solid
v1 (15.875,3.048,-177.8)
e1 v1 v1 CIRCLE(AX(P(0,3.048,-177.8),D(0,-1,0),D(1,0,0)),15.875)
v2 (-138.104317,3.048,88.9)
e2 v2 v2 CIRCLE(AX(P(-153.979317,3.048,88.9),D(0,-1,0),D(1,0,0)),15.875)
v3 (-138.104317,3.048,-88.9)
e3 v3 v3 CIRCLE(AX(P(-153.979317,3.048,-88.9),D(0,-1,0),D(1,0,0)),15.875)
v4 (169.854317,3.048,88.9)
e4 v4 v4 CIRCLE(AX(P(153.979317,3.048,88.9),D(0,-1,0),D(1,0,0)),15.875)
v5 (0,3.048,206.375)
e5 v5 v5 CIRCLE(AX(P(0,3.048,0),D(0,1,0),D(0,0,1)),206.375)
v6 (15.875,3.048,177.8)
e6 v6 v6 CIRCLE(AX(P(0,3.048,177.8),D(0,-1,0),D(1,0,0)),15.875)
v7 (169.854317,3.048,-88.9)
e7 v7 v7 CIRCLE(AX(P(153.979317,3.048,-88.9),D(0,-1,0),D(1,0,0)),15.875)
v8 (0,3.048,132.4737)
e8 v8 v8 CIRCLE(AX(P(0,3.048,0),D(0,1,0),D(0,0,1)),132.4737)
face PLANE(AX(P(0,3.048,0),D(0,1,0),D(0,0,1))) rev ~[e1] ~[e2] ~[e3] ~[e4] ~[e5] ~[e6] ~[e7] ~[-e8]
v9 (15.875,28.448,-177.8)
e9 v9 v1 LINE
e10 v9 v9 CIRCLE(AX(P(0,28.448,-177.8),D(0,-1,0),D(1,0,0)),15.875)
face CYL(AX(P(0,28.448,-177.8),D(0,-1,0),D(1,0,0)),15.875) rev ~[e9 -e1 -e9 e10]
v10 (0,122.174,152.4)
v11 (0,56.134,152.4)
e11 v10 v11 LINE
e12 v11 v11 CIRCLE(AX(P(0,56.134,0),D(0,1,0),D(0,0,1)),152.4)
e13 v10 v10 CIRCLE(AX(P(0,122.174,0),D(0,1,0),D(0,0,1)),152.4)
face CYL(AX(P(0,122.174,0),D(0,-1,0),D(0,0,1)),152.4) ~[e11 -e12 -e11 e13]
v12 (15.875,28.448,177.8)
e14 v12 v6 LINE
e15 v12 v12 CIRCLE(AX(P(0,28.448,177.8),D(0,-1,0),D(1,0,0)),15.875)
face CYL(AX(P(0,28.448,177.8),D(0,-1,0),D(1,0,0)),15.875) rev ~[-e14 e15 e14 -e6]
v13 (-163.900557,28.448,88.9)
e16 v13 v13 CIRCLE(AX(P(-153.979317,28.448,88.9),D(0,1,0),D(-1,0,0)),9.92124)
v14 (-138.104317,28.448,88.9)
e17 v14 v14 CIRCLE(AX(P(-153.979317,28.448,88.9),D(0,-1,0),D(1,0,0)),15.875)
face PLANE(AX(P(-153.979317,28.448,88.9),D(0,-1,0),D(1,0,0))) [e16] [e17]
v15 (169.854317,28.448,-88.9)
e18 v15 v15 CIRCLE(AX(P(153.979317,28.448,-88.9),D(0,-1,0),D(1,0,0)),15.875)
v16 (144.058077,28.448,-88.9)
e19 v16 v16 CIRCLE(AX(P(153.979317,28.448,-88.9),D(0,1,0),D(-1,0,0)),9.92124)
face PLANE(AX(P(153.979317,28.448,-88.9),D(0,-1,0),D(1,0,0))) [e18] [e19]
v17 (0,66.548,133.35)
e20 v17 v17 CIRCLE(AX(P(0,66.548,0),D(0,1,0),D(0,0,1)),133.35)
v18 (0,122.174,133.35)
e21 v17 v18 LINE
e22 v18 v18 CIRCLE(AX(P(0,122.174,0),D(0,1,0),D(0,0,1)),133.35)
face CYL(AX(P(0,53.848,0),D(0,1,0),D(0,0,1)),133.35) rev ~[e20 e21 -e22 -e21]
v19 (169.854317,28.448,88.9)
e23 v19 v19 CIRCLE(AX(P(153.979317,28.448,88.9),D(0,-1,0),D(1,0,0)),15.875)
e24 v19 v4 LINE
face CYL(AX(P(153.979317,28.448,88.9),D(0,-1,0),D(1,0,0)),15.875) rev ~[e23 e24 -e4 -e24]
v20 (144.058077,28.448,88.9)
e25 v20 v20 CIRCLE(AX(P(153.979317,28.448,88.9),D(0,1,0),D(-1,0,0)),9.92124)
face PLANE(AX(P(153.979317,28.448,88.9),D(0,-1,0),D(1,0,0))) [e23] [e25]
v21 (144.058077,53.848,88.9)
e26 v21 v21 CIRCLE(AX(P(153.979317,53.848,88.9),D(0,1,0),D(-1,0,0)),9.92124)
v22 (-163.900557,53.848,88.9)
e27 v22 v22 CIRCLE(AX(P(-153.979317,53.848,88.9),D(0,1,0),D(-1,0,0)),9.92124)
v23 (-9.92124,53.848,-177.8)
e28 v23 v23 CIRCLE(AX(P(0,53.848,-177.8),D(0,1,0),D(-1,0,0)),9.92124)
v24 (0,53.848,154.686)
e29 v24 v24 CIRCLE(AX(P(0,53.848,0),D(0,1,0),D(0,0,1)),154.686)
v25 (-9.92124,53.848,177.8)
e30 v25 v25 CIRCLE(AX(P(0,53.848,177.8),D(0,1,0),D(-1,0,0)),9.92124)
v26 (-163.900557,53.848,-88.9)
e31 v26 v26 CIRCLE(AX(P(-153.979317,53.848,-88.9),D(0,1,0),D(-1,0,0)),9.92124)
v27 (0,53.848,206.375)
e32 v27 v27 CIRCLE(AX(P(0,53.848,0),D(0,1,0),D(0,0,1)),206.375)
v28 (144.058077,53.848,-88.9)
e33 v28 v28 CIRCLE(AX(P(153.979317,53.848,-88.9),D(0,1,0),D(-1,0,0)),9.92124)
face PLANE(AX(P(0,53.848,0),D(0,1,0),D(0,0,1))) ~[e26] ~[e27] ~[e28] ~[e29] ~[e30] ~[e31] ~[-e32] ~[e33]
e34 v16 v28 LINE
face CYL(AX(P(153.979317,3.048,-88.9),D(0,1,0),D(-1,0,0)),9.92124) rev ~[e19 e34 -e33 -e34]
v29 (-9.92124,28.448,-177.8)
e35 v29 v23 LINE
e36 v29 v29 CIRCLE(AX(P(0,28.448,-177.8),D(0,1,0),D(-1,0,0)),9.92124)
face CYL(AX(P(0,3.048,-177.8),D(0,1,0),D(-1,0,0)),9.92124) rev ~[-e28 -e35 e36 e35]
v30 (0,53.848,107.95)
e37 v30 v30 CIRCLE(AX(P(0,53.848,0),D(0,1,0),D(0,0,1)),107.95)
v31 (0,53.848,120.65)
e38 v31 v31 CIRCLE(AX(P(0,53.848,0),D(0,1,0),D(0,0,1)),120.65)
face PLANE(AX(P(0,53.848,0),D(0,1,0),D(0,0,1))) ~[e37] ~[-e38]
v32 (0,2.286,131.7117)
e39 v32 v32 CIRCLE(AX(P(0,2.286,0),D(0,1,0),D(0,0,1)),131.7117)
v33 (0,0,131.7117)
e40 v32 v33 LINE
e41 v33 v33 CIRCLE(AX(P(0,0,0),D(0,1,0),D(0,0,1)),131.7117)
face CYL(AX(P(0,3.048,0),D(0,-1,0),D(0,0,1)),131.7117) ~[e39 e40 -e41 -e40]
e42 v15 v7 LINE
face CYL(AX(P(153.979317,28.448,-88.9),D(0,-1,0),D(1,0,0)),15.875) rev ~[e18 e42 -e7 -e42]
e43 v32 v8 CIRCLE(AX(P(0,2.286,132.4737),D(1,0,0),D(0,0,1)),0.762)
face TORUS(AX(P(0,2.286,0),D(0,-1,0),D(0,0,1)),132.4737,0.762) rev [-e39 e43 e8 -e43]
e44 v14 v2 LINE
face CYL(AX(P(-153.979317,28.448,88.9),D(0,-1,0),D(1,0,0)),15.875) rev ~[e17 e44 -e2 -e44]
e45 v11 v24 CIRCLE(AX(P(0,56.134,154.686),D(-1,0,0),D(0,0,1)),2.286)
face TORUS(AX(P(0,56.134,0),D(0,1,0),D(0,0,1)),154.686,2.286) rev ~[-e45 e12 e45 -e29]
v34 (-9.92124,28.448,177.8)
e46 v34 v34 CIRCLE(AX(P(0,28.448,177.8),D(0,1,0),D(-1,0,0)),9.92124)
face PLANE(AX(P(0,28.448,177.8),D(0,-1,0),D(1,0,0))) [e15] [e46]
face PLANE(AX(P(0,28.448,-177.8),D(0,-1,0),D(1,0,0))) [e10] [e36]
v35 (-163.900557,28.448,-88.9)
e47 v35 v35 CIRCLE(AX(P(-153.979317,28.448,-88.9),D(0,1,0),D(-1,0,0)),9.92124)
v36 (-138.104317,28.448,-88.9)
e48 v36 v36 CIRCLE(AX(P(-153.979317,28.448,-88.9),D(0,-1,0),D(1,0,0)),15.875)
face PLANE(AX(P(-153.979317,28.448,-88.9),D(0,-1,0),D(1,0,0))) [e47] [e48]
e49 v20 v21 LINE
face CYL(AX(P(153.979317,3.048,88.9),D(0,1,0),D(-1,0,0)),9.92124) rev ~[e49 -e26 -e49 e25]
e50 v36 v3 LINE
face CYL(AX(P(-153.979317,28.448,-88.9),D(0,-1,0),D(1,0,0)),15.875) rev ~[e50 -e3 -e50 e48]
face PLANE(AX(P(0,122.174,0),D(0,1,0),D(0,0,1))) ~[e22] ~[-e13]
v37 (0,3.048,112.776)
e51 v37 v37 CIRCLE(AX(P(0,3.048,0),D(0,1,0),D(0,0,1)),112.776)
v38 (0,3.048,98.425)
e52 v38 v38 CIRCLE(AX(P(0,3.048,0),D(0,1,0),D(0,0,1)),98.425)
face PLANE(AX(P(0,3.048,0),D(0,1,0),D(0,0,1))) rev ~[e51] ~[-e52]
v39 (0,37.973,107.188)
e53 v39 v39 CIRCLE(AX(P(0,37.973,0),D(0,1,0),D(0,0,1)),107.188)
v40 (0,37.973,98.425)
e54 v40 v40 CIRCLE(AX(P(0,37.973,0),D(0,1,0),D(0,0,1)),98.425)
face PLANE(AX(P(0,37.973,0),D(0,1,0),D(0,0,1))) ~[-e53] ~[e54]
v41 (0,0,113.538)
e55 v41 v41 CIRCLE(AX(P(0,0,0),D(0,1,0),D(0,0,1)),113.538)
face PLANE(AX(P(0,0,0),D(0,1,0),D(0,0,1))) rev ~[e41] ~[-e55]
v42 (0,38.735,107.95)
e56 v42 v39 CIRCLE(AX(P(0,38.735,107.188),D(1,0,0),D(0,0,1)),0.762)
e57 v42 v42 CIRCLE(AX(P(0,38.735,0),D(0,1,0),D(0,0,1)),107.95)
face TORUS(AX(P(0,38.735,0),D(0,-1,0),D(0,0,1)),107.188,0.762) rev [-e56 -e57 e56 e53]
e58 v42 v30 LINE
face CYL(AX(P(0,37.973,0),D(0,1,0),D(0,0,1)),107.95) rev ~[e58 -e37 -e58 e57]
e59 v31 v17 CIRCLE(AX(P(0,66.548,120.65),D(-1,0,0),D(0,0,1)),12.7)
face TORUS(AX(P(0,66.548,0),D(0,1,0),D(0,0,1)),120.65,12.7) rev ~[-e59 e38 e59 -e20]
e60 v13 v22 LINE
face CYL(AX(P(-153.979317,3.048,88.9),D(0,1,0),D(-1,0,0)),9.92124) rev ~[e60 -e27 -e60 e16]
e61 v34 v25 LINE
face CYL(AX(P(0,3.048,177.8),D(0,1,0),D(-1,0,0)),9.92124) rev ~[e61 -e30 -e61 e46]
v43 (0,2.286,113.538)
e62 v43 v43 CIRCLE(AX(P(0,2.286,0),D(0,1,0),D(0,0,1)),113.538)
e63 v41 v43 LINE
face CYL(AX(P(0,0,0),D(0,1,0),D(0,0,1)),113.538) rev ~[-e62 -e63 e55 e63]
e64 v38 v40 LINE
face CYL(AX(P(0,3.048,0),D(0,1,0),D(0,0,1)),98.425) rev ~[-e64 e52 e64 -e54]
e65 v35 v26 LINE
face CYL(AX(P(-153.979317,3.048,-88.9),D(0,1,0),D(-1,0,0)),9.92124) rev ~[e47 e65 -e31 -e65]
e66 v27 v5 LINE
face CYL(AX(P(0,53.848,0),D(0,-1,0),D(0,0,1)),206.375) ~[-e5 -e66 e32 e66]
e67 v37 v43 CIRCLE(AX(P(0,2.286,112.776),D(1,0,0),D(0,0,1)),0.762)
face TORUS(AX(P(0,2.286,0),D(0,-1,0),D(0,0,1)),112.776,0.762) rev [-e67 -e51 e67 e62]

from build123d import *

# Parameters (mm, degrees)
F2_R           = 12.7
F3_R           = 2.286
F4_R           = 0.762
F5_R           = 0.762
F7_D           = 19.84248
F7_CBORE_D     = 31.75
F7_CBORE_DEPTH = 25.4


with BuildPart() as f1:
    # F0 (on Right) → F1 (revolve)
    with BuildSketch(Plane.YZ):
        Polygon((3.048, 131.7117), (0, 131.7117), (0, 113.538), (3.048, 113.538), (3.048, 98.425), (37.973, 98.425), (37.973, 107.95), (53.848, 107.95), (53.848, 133.35), (122.174, 133.35), (122.174, 152.4), (53.848, 152.4), (53.848, 206.375), (3.048, 206.375), align=None)
    revolve(axis=Axis((0, 0.855923, 0), (0, 1, 0)))

    # F2
    f2_edges = [f1.edges().sort_by_distance(p)[0] for p in [
        (0, 53.848, -133.35),
    ]]
    fillet(f2_edges, radius=F2_R)

    # F3
    f3_edges = [f1.edges().sort_by_distance(p)[0] for p in [
        (0, 53.848, -152.4),
    ]]
    fillet(f3_edges, radius=F3_R)

    # F4
    f4_edges = [f1.edges().sort_by_distance(p)[0] for p in [
        (0, 37.973, -107.95),
    ]]
    fillet(f4_edges, radius=F4_R)

    # F5
    f5_edges = [f1.edges().sort_by_distance(p)[0] for p in [
        (0, 3.048, -131.7117),
        (0, 3.048, -113.538),
    ]]
    fillet(f5_edges, radius=F5_R)

    # F7 (through all)
    with Locations(Plane.XZ.offset(-3.048)):
        with Locations((0, 177.8), (153.979317, 88.9), (153.979317, -88.9), (0, -177.8), (-153.979317, -88.9), (-153.979317, 88.9)):
            CounterBoreHole(F7_D / 2, F7_CBORE_D / 2, F7_CBORE_DEPTH)


solid = f1.part
